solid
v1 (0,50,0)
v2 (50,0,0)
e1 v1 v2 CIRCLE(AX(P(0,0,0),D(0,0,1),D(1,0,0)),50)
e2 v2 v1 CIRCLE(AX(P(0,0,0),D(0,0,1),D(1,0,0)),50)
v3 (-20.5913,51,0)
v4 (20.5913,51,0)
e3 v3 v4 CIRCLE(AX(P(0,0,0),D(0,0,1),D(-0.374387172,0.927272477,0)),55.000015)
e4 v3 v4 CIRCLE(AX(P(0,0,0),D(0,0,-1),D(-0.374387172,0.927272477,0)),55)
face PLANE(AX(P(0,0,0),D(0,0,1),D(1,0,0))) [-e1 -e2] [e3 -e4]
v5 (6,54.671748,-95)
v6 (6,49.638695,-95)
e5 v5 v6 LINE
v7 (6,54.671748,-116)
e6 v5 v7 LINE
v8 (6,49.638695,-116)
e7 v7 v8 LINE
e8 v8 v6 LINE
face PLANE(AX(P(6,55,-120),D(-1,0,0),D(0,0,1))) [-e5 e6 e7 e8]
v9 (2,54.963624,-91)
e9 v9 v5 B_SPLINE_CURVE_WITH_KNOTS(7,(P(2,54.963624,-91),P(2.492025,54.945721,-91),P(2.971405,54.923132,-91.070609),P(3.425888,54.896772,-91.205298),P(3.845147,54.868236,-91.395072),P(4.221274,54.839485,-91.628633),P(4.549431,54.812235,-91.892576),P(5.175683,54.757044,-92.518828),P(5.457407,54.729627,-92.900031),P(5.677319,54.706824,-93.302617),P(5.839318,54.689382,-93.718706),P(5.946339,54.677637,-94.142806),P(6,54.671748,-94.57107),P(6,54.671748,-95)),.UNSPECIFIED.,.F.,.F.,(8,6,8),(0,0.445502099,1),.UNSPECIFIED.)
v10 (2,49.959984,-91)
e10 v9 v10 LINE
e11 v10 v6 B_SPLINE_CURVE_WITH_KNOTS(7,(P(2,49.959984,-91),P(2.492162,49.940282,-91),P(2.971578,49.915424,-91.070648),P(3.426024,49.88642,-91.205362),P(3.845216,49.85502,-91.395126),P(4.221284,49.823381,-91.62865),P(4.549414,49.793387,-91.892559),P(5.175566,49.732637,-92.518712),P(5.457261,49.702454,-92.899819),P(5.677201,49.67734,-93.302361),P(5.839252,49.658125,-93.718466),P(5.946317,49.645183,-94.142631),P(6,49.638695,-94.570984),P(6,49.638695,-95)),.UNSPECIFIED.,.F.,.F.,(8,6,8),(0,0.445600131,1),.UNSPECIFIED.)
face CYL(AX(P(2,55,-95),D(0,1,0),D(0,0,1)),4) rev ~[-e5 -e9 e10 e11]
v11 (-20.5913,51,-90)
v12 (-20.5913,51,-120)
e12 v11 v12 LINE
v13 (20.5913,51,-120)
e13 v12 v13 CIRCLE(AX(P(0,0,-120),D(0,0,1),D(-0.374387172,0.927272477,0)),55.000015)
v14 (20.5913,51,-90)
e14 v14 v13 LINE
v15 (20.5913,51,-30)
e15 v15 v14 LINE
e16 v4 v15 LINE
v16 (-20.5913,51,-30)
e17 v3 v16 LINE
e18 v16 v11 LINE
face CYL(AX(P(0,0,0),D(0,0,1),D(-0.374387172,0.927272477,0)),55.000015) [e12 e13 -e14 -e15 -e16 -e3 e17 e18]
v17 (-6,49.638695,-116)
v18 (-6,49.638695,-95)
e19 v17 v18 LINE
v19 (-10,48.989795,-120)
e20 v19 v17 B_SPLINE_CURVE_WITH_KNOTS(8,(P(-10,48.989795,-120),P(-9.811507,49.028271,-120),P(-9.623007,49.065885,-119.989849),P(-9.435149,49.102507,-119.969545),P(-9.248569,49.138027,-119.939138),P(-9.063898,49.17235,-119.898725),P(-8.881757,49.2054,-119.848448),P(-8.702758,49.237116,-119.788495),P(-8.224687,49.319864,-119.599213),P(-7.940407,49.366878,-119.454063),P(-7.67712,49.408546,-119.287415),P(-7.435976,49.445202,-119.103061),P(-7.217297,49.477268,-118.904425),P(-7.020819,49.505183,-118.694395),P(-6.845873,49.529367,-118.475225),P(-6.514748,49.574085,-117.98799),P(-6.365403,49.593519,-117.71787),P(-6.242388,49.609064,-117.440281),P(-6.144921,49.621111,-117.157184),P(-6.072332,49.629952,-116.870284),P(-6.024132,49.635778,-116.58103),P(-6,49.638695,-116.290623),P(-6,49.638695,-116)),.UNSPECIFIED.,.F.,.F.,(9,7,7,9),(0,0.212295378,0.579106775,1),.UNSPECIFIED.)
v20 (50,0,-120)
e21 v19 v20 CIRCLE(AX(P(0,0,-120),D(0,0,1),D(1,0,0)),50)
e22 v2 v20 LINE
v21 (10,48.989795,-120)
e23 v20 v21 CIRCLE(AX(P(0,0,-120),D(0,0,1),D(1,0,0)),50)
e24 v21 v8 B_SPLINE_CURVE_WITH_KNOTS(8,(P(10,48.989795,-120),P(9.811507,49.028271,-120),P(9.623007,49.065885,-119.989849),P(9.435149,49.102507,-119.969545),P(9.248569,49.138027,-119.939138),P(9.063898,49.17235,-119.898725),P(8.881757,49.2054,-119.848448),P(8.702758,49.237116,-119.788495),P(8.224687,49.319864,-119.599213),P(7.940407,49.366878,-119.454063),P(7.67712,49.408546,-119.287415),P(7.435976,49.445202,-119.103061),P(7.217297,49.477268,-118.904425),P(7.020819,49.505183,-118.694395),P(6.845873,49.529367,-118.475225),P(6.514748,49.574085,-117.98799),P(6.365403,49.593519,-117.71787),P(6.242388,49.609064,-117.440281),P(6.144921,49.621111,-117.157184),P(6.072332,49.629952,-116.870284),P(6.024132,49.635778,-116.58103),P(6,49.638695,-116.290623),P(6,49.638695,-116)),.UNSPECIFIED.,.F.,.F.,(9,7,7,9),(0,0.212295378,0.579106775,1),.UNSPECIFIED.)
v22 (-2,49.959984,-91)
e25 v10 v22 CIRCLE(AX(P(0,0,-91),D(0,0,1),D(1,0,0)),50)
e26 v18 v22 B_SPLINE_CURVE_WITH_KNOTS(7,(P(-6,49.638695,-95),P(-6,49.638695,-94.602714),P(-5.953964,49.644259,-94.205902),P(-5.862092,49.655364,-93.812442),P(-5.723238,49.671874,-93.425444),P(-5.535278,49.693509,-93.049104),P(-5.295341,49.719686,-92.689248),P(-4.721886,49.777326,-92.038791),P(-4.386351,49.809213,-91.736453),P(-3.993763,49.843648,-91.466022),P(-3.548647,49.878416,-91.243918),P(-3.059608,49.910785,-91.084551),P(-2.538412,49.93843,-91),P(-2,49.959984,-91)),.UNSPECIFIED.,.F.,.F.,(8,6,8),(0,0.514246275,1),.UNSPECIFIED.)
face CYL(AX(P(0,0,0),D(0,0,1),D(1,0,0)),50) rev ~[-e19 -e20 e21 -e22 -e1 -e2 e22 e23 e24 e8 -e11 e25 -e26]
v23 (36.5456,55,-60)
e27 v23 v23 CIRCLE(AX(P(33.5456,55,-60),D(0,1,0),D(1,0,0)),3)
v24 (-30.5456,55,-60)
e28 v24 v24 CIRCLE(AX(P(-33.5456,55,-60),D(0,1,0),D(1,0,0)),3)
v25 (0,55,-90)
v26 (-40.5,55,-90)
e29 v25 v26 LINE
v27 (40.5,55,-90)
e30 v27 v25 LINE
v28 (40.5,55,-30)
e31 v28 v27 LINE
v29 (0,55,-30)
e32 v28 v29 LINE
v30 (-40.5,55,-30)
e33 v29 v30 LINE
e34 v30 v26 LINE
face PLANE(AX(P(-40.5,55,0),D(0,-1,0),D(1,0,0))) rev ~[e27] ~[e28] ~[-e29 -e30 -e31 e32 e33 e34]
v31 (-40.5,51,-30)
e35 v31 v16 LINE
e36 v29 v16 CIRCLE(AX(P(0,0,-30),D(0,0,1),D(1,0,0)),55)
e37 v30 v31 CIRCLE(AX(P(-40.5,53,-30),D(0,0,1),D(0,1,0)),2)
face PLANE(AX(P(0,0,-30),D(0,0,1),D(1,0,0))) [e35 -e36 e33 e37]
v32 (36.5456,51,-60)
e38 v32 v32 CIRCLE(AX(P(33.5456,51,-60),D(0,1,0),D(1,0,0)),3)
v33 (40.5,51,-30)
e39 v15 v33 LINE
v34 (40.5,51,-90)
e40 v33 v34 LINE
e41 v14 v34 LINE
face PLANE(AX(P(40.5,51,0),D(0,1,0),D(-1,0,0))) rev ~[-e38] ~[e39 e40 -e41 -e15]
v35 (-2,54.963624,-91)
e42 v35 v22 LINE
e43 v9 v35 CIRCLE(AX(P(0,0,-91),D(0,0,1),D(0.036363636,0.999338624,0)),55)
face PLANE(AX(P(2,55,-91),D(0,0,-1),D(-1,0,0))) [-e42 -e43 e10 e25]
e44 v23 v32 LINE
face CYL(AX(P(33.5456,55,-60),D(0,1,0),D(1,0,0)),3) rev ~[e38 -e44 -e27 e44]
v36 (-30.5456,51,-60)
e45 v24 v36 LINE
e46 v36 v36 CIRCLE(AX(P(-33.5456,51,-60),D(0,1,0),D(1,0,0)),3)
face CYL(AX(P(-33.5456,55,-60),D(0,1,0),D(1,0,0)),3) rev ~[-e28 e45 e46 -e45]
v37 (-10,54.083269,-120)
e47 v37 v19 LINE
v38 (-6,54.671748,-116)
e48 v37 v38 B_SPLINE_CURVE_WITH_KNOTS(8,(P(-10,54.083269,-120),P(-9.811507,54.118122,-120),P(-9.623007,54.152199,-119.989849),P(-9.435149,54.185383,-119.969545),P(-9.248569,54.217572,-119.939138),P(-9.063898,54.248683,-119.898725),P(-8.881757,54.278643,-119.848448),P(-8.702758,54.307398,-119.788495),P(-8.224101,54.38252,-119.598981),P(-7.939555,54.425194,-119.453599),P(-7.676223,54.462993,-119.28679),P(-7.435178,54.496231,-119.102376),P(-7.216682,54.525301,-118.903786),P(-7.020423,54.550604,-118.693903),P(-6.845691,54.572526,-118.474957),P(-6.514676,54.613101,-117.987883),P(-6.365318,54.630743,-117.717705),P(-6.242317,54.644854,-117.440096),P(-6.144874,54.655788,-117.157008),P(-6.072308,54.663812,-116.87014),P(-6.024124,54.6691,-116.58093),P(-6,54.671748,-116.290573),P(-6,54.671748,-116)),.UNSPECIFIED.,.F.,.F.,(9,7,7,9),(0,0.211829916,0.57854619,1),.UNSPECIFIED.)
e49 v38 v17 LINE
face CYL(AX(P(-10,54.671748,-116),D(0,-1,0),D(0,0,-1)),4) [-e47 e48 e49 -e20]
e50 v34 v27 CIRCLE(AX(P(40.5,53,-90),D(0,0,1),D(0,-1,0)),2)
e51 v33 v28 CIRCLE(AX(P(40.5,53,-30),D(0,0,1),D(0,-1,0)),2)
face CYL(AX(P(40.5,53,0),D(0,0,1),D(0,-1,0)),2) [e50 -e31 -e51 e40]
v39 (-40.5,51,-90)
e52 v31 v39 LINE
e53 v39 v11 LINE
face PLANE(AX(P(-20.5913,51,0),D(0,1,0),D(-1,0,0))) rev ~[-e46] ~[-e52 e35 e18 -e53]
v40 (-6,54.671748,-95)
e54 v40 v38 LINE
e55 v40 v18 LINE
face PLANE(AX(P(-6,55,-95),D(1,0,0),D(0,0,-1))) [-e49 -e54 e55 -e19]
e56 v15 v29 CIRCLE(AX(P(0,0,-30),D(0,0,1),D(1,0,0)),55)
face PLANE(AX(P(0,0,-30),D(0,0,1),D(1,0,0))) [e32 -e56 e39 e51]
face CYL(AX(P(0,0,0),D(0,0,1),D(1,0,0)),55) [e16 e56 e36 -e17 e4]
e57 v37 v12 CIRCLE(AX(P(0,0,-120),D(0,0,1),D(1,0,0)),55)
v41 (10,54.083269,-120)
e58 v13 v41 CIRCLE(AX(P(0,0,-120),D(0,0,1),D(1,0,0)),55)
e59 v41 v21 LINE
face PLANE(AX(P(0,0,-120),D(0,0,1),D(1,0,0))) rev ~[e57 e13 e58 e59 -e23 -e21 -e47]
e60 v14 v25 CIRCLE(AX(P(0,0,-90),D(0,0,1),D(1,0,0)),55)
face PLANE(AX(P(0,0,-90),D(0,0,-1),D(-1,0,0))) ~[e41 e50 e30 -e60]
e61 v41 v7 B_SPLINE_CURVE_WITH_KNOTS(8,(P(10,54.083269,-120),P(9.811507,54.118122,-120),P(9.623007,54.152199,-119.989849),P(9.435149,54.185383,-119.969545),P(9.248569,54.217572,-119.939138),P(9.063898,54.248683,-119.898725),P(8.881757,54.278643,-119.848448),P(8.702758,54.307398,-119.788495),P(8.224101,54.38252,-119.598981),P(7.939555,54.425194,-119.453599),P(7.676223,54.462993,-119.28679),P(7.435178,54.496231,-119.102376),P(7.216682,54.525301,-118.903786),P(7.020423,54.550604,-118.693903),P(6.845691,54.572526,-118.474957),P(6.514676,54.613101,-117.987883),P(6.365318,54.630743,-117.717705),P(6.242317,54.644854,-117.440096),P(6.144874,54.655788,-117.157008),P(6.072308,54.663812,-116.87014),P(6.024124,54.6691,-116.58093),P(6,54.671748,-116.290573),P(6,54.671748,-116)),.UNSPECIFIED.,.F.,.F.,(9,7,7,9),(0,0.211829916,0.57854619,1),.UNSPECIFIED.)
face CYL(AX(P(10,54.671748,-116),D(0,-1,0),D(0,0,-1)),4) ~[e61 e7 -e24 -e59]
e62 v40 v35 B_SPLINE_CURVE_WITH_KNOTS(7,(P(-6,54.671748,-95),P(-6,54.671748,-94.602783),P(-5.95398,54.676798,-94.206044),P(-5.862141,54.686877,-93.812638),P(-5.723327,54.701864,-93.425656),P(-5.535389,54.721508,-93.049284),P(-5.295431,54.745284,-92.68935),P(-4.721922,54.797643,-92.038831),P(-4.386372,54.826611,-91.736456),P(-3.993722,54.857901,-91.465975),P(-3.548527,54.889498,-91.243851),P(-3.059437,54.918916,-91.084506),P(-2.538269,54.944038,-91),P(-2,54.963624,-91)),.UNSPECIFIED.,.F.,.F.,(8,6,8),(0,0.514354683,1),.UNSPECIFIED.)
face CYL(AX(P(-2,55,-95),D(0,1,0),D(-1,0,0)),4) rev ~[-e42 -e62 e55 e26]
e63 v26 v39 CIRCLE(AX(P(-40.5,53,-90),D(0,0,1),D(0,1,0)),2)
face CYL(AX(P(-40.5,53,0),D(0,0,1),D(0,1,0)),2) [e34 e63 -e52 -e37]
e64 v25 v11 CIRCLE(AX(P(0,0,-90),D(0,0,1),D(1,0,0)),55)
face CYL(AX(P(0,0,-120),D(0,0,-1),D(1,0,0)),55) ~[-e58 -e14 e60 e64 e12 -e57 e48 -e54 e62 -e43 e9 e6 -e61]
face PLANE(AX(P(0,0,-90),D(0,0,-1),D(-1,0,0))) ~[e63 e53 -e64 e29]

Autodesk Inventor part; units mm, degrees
ref_plane "YZ Plane" through (0, 0, 0) normal (1, 0, 0) x (0, 1, 0)
ref_plane "XZ Plane" through (0, 0, 0) normal (0, 1, 0) x (-1, 0, 0)
sketch "Sketch1" plane through (0, 0, 0) normal (0, 0, 1) x (1, 0, 0)
  arc A0 (-20.5913, 51) -> (20.5913, 51) centre (0, 0) ccw
  circle A1 centre (0, 0) radius 50
  line L0 (-40.5, 55) -> (40.5, 55)
  arc A2 (-40.5, 55) -> (-40.5, 51) centre (-40.5, 53) ccw
  arc A3 (40.5, 51) -> (40.5, 55) centre (40.5, 53) ccw
  line L1 (40.5, 51) -> (19.5959, 51)
  line L2 (40.5, 51) -> (19.5959, 51)
  line L3 (40.5, 51) -> (19.5959, 51)
  line L4 (19.5959, 51) -> (-40.5, 51)
  line L5 (0, 51) -> (0, 50)
  dimension "d0" = 110
  dimension "d1" = 100
extrude "Extrusion1" add sketch "Sketch1" against normal blind 120
sketch "Sketch2" plane through (0, 0, 0) normal (0, 0, 1) x (1, 0, 0)
  circle A0 centre (0, 0) radius 50 projected
  line L0 (-40.5, 51) -> (-20.5913, 51) projected
  arc A1 (-20.5913, 51) -> (20.5913, 51) centre (0, 0) ccw projected
  line L1 (20.5913, 51) -> (40.5, 51) projected
  arc A2 (40.5, 51) -> (40.5, 55) centre (40.5, 53) ccw projected
  line L2 (40.5, 55) -> (-40.5, 55) projected
  arc A3 (-40.5, 55) -> (-40.5, 51) centre (-40.5, 53) ccw projected
  circle A4 centre (0, 0) radius 55
  point P0 (160.5446, 51)
extrude "Extrusion2" cut sketch "Sketch2" against normal blind 30 contours A3 L2 A4 L0 | L2 A2 L1 A4
ref_plane "Work Plane1" through (0, 0, -60) normal (0, 0, 1) x (1, 0, 0)
sketch "Sketch3" plane through (50, 55, 0) normal (0, 1, 0) x (1, 0, 0)
  line L0 (-44, 120) -> (-56, 120)
  line L1 (-30.4041, 0) -> (-69.5959, 0) projected
  line L2 (-56, 120) -> (-44, 120)
  line L3 (-44, 120) -> (-44, 95)
  line L4 (-48, 91) -> (-52, 91)
  line L5 (-56, 95) -> (-56, 120)
  arc A0 (-56, 95) -> (-52, 91) centre (-52, 95) ccw
  arc A1 (-48, 91) -> (-44, 95) centre (-48, 95) ccw
  point P0 (17.7764, 120)
  point P1 (-44, 91)
  point P2 (-56, 91)
  dimension "d33" = 12
  dimension "d43" = 12
  dimension "d44" = 29
  dimension "d45" = 4
extrude "Extrusion3" cut sketch "Sketch3" against normal blind 7
mirror "Mirror2" about plane through (0, 0, -60) normal (0, 0, 1) of "Extrusion2"
fillet "Fillet1" radius 4 2 edges at (-6, 52.1552, -120) (6, 52.1552, -120)
sketch "Sketch4" plane through (-40.5, 55, -30) normal (0, 1, 0) x (1, 0, 0)
  line L0 (40.5, 60) -> (0, 60) projected
  line L1 (0, 0) -> (0, 60) projected
  line L2 (0, 0) -> (40.5, 0) projected
  line L3 (40.5, 0) -> (81, 0) projected
  line L4 (81, 0) -> (81, 60) projected
  line L5 (81, 60) -> (40.5, 60) projected
  line L6 (81, 0) -> (81, 60) projected
  line L7 (19.9087, 60) -> (19.9087, 0) projected
  line L8 (61.0913, 0) -> (61.0913, 60) projected
  line L9 (81, 0) -> (61.0913, 0) projected
  circle A0 centre (6.9544, 30) radius 3
  circle A1 centre (74.0456, 30) radius 3
  point P0 (40.5, -30)
  dimension "d48" = 6
  dimension "d51" = 6
extrude "Extrusion4" cut sketch "Sketch4" against normal blind 5 contours A0 | A1
properties part number "Propeller Shroud" material "ABS Plastic"
